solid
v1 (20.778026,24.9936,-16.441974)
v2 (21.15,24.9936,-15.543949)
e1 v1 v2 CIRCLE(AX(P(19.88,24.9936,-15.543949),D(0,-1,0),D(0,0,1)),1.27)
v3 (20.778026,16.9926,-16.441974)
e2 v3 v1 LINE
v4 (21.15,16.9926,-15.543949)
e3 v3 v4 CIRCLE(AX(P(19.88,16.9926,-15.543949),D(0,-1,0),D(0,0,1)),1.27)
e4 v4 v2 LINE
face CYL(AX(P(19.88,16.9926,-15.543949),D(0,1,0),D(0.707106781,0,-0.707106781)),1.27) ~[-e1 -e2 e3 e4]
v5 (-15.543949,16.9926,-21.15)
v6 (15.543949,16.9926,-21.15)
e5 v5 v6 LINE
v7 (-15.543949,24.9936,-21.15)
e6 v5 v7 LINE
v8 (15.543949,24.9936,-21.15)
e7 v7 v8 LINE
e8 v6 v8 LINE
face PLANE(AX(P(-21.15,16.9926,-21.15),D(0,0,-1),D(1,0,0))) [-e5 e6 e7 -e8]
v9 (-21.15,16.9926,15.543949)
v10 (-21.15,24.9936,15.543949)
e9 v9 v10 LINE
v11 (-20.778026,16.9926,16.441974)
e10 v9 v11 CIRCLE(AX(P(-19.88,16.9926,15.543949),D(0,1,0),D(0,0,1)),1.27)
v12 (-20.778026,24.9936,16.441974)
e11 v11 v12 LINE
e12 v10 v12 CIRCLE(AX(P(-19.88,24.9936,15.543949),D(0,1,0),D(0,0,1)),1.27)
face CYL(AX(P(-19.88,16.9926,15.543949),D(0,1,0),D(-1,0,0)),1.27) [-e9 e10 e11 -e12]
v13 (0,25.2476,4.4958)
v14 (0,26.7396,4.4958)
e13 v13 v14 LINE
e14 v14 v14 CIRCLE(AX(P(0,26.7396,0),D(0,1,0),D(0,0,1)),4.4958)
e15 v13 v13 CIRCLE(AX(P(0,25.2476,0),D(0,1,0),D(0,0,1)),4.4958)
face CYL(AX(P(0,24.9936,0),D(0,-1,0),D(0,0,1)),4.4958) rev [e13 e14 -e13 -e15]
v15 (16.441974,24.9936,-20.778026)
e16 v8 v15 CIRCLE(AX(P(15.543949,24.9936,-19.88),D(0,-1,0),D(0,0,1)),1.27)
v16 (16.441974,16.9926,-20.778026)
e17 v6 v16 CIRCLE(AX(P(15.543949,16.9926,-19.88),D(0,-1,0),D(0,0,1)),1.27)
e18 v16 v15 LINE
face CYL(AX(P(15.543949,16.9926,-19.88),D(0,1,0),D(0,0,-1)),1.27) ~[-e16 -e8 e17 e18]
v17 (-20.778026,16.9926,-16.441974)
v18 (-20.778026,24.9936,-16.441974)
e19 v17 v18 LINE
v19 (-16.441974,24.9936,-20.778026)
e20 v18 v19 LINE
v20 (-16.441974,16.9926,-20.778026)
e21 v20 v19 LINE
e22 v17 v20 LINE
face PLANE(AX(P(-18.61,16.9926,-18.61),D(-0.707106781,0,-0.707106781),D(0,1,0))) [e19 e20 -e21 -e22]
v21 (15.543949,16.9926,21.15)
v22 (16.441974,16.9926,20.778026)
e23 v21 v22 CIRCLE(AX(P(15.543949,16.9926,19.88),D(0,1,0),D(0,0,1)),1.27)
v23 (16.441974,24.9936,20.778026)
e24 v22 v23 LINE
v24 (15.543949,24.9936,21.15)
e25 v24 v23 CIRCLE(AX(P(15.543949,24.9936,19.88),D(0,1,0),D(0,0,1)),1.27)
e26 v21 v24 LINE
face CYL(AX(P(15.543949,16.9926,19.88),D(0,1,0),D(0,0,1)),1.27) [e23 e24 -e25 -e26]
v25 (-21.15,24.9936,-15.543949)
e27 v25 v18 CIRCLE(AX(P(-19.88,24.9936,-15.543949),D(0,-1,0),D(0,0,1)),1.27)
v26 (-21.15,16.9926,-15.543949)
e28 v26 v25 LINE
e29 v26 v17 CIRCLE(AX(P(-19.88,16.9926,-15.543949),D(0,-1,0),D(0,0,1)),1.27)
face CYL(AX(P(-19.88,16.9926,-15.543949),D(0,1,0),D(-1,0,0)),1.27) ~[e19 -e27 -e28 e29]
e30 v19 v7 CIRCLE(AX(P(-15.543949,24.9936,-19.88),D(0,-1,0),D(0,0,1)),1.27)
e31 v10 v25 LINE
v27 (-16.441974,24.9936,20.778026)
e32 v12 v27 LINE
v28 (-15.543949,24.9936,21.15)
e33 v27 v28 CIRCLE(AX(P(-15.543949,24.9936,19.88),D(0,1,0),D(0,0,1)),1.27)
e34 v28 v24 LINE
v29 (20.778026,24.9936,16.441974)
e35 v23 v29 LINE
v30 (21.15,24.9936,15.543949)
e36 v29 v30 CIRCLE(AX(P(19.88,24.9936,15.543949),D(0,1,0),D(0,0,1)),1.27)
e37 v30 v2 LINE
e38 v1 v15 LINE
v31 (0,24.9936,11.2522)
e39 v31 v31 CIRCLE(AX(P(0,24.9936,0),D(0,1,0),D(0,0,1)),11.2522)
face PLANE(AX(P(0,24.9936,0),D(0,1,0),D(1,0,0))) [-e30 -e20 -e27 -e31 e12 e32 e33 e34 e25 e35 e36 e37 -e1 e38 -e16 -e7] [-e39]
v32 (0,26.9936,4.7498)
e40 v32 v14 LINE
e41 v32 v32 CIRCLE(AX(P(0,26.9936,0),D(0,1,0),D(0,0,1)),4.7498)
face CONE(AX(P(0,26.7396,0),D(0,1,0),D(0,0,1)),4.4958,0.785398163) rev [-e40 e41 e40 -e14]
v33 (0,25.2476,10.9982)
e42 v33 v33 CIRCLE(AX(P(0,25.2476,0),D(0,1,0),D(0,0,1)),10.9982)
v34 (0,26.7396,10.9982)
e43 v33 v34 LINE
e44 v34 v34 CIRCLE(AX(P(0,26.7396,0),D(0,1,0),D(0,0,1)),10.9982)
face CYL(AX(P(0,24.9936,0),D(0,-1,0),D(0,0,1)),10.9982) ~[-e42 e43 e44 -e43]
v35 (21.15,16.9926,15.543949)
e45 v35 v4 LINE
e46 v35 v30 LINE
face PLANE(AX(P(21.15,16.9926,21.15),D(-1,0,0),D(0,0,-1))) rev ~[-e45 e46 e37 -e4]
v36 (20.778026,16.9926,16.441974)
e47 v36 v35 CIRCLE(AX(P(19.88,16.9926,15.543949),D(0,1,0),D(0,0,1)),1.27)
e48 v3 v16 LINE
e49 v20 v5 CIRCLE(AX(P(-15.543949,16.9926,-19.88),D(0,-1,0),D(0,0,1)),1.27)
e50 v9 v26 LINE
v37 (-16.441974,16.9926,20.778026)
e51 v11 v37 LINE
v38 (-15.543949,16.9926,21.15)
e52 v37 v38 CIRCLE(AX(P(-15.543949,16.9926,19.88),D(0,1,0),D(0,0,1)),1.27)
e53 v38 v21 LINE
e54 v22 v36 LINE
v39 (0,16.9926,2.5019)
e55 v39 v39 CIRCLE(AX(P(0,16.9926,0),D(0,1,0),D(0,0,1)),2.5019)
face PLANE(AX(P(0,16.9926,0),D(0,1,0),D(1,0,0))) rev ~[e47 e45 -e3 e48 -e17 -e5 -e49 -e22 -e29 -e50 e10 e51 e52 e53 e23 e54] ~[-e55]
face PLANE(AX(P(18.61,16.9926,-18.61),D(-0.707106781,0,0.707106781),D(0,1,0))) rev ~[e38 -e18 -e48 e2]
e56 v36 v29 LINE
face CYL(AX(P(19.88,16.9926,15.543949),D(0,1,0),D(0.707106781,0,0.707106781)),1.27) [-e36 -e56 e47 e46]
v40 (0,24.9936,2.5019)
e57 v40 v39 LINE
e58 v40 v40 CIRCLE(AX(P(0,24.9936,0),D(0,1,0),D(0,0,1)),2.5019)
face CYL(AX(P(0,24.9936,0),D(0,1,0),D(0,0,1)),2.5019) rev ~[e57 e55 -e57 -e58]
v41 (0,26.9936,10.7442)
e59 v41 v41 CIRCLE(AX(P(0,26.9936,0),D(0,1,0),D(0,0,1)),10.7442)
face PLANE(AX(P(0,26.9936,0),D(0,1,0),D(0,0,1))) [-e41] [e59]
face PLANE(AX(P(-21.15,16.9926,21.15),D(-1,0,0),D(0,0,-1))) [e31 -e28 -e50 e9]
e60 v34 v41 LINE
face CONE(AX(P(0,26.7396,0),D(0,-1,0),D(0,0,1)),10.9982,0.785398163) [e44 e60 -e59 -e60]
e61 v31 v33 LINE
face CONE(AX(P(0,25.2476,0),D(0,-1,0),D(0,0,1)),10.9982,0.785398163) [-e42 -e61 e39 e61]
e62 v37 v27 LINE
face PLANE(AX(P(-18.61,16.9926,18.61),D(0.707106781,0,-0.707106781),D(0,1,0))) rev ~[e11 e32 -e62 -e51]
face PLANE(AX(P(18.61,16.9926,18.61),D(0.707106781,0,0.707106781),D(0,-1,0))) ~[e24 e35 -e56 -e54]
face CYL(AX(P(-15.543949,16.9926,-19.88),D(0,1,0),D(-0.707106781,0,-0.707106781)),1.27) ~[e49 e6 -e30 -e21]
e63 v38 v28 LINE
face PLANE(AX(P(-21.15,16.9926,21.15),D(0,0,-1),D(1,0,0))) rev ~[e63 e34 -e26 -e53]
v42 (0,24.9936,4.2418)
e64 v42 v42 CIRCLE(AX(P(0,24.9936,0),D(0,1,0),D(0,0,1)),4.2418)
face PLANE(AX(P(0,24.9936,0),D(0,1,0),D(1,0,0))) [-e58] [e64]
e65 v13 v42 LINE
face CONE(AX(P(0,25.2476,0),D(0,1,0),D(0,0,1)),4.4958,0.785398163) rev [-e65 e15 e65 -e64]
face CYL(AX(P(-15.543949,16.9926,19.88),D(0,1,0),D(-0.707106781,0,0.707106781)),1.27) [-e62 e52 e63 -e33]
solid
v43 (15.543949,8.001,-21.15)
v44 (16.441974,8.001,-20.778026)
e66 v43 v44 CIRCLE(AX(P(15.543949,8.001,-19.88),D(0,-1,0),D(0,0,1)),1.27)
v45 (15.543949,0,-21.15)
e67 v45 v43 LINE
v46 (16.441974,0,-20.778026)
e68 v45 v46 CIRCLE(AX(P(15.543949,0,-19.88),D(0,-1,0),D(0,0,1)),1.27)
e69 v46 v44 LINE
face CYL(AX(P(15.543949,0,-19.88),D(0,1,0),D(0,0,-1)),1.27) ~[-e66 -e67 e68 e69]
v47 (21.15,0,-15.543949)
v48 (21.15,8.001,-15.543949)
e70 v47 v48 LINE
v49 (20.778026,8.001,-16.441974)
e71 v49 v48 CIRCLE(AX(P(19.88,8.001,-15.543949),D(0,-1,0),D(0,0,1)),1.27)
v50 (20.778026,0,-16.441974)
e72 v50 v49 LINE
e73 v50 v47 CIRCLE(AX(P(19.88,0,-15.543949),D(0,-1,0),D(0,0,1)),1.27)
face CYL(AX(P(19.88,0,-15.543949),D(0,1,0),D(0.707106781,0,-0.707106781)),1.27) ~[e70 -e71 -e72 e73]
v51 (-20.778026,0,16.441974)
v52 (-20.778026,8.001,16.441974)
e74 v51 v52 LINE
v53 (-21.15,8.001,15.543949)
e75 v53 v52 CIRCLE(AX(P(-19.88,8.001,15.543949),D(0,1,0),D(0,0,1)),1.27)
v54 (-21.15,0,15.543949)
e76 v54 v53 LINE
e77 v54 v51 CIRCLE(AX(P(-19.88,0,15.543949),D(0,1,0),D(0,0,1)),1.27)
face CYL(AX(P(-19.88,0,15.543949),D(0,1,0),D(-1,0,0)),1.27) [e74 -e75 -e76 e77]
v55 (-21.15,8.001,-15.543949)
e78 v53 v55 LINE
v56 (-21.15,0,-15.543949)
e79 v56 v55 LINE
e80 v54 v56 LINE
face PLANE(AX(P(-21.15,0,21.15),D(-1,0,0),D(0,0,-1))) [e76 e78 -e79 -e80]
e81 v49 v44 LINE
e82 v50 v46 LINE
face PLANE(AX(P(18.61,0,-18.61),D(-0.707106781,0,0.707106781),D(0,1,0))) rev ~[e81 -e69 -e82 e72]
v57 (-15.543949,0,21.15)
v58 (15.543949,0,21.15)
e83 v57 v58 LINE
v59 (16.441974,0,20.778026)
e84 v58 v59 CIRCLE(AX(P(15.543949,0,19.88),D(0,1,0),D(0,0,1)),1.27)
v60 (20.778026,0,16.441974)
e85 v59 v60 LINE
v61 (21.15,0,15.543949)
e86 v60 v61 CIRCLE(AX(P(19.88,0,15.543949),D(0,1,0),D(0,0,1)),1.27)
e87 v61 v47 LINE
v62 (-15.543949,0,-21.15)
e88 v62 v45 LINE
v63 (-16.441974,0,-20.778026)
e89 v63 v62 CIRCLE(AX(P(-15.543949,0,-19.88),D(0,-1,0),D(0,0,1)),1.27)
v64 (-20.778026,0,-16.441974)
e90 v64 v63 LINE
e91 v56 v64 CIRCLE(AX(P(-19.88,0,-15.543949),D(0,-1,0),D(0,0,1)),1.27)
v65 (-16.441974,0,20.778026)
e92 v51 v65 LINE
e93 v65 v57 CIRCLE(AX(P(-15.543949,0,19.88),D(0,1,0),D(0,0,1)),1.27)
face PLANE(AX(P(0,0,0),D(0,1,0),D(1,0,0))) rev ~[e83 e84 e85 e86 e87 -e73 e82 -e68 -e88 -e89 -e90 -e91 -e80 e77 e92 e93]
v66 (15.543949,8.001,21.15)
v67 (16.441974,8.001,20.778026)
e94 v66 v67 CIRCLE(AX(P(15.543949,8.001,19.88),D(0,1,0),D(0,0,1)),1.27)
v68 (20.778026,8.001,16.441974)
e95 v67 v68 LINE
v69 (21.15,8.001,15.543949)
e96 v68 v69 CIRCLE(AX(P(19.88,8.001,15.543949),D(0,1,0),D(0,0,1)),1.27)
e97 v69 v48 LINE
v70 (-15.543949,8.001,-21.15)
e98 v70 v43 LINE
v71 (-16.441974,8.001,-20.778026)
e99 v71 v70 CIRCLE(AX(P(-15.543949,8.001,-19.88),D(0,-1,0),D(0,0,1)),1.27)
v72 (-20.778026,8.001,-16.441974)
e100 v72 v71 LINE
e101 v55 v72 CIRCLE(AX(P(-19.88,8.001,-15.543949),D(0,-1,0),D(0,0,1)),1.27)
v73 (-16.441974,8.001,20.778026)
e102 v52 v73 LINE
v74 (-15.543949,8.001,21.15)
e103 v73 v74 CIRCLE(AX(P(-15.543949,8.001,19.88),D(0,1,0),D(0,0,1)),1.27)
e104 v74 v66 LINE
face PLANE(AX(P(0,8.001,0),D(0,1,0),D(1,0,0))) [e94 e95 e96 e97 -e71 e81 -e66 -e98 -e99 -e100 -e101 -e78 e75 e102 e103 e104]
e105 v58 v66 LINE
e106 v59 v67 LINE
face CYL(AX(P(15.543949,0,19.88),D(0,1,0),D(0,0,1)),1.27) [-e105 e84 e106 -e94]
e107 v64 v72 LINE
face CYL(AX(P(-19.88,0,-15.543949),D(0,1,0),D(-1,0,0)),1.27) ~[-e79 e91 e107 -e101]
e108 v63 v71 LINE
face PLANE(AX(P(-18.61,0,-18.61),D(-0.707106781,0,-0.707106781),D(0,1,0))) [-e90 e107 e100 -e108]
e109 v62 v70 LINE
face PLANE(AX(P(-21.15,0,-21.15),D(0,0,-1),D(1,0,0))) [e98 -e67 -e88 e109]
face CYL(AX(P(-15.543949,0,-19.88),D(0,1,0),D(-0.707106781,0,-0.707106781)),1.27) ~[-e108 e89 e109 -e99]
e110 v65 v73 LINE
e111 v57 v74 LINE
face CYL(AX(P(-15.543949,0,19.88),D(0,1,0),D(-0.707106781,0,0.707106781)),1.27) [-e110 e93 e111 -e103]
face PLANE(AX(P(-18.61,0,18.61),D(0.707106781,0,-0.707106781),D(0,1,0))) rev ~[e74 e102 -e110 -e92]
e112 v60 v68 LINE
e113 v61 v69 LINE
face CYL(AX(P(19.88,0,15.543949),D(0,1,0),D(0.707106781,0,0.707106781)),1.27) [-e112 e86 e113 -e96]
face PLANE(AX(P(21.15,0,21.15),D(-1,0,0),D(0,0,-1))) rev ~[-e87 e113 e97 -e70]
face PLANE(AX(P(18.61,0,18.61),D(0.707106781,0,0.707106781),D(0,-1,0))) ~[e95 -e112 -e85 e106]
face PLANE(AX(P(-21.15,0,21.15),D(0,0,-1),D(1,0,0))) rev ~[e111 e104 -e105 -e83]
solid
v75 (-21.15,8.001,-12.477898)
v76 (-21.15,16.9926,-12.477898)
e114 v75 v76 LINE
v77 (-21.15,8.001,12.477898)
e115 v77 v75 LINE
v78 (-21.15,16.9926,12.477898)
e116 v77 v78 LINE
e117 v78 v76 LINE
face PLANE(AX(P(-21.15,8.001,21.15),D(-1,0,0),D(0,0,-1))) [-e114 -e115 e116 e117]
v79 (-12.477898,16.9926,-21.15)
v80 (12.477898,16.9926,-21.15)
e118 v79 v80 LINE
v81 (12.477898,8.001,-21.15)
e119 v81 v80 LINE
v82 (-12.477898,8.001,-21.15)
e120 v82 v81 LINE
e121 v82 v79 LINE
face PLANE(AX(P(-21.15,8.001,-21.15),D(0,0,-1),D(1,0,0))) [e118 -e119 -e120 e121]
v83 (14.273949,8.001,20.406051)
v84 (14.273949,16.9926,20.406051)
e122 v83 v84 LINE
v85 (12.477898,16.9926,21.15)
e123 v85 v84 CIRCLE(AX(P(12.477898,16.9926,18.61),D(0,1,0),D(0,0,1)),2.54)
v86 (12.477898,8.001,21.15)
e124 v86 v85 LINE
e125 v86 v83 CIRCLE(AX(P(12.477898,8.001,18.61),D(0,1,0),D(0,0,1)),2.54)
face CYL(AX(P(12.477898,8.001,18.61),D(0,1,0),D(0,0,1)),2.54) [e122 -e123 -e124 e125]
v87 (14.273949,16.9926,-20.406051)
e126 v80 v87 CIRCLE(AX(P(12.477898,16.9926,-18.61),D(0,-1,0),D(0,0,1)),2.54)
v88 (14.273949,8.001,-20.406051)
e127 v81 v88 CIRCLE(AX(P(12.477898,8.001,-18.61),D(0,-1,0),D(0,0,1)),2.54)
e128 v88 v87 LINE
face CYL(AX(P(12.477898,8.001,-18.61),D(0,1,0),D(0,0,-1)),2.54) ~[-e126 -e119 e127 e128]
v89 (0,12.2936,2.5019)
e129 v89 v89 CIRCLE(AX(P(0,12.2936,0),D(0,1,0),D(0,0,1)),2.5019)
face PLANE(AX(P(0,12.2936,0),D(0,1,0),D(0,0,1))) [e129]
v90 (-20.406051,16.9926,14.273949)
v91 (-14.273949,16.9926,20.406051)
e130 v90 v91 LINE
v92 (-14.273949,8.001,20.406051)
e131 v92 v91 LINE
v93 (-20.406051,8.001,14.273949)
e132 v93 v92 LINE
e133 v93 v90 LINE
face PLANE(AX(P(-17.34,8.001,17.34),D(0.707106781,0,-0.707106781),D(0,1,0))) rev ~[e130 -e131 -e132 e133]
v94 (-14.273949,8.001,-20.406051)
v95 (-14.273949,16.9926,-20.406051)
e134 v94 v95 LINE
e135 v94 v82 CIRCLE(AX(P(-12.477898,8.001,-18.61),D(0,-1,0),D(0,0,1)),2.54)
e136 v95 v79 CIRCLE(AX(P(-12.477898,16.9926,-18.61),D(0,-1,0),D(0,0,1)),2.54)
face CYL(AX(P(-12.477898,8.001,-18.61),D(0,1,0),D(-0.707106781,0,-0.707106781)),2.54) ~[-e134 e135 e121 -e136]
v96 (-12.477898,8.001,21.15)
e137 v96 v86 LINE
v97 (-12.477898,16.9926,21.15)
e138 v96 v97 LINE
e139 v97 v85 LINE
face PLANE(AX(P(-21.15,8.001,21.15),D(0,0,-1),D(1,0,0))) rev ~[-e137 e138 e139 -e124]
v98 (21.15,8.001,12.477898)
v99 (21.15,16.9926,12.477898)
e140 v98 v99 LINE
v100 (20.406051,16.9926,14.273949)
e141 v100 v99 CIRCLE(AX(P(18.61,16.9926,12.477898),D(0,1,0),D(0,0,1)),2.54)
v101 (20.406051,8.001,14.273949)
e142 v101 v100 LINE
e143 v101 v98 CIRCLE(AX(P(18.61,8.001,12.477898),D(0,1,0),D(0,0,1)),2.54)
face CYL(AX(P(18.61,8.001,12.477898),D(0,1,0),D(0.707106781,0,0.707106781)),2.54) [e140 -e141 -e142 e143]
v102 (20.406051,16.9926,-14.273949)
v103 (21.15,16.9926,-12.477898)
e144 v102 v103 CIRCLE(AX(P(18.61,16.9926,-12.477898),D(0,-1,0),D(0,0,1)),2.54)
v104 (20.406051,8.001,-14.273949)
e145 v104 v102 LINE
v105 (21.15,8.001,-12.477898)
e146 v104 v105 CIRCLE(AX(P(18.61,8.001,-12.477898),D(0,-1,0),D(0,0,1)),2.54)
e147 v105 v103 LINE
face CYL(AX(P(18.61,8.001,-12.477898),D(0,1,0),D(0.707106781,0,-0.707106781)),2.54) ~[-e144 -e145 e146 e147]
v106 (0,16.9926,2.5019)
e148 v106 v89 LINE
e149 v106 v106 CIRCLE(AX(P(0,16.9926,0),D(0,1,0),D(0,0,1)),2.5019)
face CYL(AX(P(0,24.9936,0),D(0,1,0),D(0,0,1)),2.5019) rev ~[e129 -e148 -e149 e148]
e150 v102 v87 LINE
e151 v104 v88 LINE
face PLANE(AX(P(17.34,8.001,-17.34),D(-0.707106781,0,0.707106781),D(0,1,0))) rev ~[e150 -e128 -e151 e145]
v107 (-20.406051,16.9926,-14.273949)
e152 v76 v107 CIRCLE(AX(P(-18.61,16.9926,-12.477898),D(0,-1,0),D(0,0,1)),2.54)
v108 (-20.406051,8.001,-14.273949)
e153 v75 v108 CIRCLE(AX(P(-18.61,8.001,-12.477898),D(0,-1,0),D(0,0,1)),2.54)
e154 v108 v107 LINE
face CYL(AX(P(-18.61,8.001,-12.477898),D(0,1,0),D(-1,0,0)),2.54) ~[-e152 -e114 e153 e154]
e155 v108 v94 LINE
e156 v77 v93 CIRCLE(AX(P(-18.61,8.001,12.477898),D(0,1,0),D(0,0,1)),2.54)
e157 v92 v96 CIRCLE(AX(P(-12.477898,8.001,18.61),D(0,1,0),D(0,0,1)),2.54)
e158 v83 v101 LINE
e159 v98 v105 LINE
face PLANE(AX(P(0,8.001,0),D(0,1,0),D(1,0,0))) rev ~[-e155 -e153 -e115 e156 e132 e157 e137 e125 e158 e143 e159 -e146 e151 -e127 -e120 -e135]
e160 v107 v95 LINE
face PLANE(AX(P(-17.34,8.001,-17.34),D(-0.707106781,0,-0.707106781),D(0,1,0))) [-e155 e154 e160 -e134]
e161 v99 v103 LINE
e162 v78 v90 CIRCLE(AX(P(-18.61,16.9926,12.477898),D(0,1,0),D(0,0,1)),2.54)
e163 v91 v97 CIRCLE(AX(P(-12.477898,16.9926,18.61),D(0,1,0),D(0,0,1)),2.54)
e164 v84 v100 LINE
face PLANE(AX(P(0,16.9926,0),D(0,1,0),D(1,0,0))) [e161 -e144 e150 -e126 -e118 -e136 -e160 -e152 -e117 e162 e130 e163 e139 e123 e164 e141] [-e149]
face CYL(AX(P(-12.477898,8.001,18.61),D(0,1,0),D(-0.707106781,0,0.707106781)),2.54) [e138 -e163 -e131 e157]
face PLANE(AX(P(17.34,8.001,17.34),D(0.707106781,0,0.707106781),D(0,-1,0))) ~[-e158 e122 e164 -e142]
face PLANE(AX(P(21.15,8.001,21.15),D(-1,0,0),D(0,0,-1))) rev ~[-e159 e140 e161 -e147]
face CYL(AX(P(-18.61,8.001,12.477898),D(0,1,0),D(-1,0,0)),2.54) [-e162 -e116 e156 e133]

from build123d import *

# Parameters (mm, degrees)
SKETCH1_W           = 42.3
SKETCH1_H           = 42.3
BOSS_EXTRUDE1_DEPTH = 8.001
CHAMFER1_SIZE       = 5.08
SKETCH2_W           = 42.3
SKETCH2_H           = 42.3
BOSS_EXTRUDE2_DEPTH = 8.9916
CHAMFER3_SIZE       = 7.62
FILLET1_R           = 2.54
FILLET2_R           = 1.27
SKETCH3_W           = 42.3
SKETCH3_H           = 42.3
BOSS_EXTRUDE3_DEPTH = 8.001
CHAMFER4_SIZE       = 5.08
FILLET3_R           = 1.27
SKETCH4_R           = 10.9982
SKETCH4_R_2         = 4.4958
BOSS_EXTRUDE4_DEPTH = 2
CHAMFER5_SIZE       = 0.254
SKETCH5_R           = 2.5019
CUT_EXTRUDE1_DEPTH  = 12.7


with BuildPart() as part:
    # Sketch1 → Boss-Extrude1 (new body)
    with BuildSketch(Plane(origin=(0, 0, 0), x_dir=(1, 0, 0), z_dir=(0, 1, 0))):
        Rectangle(SKETCH1_W, SKETCH1_H)
    extrude(amount=BOSS_EXTRUDE1_DEPTH)

    # Chamfer1
    chamfer1_edges = [part.edges().sort_by_distance(p)[0] for p in [
        (21.15, 4.0005, 21.15),
        (-21.15, 4.0005, 21.15),
        (-21.15, 4.0005, -21.15),
        (21.15, 4.0005, -21.15),
    ]]
    chamfer(chamfer1_edges, length=CHAMFER1_SIZE)

    # Fillet2
    fillet2_edges = [part.edges().sort_by_distance(p)[0] for p in [
        (16.07, 4.0005, 21.15),
        (-16.07, 4.0005, 21.15),
        (-21.15, 4.0005, -16.07),
        (-21.15, 4.0005, 16.07),
        (16.07, 4.0005, -21.15),
        (-16.07, 4.0005, -21.15),
        (21.15, 4.0005, 16.07),
        (21.15, 4.0005, -16.07),
    ]]
    fillet(fillet2_edges, radius=FILLET2_R)


with BuildPart() as body_2:
    # Sketch2 → Boss-Extrude2 (new body)
    with BuildSketch(Plane(origin=(0, 8.001, 0), x_dir=(1, 0, 0), z_dir=(0, 1, 0))):
        Rectangle(SKETCH2_W, SKETCH2_H)
    extrude(amount=BOSS_EXTRUDE2_DEPTH)

    # Chamfer3
    chamfer3_edges = [body_2.edges().sort_by_distance(p)[0] for p in [
        (21.15, 12.4968, 21.15),
        (-21.15, 12.4968, 21.15),
        (-21.15, 12.4968, -21.15),
        (21.15, 12.4968, -21.15),
    ]]
    chamfer(chamfer3_edges, length=CHAMFER3_SIZE)

    # Fillet1
    fillet1_edges = [body_2.edges().sort_by_distance(p)[0] for p in [
        (-21.15, 12.4968, 13.53),
        (-21.15, 12.4968, -13.53),
        (13.53, 12.4968, -21.15),
        (-13.53, 12.4968, -21.15),
        (13.53, 12.4968, 21.15),
        (-13.53, 12.4968, 21.15),
        (21.15, 12.4968, -13.53),
        (21.15, 12.4968, 13.53),
    ]]
    fillet(fillet1_edges, radius=FILLET1_R)


with BuildPart() as body_3:
    # Sketch3 → Boss-Extrude3 (new body)
    with BuildSketch(Plane(origin=(0, 16.9926, 0), x_dir=(1, 0, 0), z_dir=(0, 1, 0))):
        Rectangle(SKETCH3_W, SKETCH3_H)
    extrude(amount=BOSS_EXTRUDE3_DEPTH)

    # Chamfer4
    chamfer4_edges = [body_3.edges().sort_by_distance(p)[0] for p in [
        (21.15, 20.9931, 21.15),
        (-21.15, 20.9931, 21.15),
        (-21.15, 20.9931, -21.15),
        (21.15, 20.9931, -21.15),
    ]]
    chamfer(chamfer4_edges, length=CHAMFER4_SIZE)

    # Fillet3
    fillet3_edges = [body_3.edges().sort_by_distance(p)[0] for p in [
        (16.07, 20.9931, 21.15),
        (-16.07, 20.9931, 21.15),
        (-21.15, 20.9931, -16.07),
        (-21.15, 20.9931, 16.07),
        (16.07, 20.9931, -21.15),
        (-16.07, 20.9931, -21.15),
        (21.15, 20.9931, 16.07),
        (21.15, 20.9931, -16.07),
    ]]
    fillet(fillet3_edges, radius=FILLET3_R)

    # Sketch4 → Boss-Extrude4 (add)
    with BuildSketch(Plane(origin=(0, 24.9936, 0), x_dir=(1, 0, 0), z_dir=(0, 1, 0))):
        with Locations(Location((0, 0, 0), (0, 0, 270))):
            Circle(SKETCH4_R)
        with Locations(Location((0, 0, 0), (0, 0, 270))):
            Circle(SKETCH4_R_2, mode=Mode.SUBTRACT)
    extrude(amount=BOSS_EXTRUDE4_DEPTH)

    # Chamfer5
    chamfer5_edges = [body_3.edges().sort_by_distance(p)[0] for p in [
        (0, 26.9936, -10.9982),
        (0, 24.9936, -10.9982),
        (0, 26.9936, -4.4958),
        (0, 24.9936, -4.4958),
    ]]
    chamfer(chamfer5_edges, length=CHAMFER5_SIZE)


with BuildPart() as cut_extrude1_tool:
    # Sketch5 → Cut-Extrude1 (new body)
    with BuildSketch(Plane(origin=(0, 24.9936, 0), x_dir=(1, 0, 0), z_dir=(0, 1, 0))):
        with Locations(Location((0, 0, 0), (0, 0, 270))):
            Circle(SKETCH5_R)
    extrude(amount=-CUT_EXTRUDE1_DEPTH)


with BuildPart() as body_2_1:
    add(body_2.part)

    # Cut-Extrude1: cut by cut_extrude1_tool
    add(cut_extrude1_tool.part, mode=Mode.SUBTRACT)


with BuildPart() as body_3_1:
    add(body_3.part)

    # Cut-Extrude1: cut by cut_extrude1_tool
    add(cut_extrude1_tool.part, mode=Mode.SUBTRACT)


solid = Compound([part.part, body_2_1.part, body_3_1.part])
